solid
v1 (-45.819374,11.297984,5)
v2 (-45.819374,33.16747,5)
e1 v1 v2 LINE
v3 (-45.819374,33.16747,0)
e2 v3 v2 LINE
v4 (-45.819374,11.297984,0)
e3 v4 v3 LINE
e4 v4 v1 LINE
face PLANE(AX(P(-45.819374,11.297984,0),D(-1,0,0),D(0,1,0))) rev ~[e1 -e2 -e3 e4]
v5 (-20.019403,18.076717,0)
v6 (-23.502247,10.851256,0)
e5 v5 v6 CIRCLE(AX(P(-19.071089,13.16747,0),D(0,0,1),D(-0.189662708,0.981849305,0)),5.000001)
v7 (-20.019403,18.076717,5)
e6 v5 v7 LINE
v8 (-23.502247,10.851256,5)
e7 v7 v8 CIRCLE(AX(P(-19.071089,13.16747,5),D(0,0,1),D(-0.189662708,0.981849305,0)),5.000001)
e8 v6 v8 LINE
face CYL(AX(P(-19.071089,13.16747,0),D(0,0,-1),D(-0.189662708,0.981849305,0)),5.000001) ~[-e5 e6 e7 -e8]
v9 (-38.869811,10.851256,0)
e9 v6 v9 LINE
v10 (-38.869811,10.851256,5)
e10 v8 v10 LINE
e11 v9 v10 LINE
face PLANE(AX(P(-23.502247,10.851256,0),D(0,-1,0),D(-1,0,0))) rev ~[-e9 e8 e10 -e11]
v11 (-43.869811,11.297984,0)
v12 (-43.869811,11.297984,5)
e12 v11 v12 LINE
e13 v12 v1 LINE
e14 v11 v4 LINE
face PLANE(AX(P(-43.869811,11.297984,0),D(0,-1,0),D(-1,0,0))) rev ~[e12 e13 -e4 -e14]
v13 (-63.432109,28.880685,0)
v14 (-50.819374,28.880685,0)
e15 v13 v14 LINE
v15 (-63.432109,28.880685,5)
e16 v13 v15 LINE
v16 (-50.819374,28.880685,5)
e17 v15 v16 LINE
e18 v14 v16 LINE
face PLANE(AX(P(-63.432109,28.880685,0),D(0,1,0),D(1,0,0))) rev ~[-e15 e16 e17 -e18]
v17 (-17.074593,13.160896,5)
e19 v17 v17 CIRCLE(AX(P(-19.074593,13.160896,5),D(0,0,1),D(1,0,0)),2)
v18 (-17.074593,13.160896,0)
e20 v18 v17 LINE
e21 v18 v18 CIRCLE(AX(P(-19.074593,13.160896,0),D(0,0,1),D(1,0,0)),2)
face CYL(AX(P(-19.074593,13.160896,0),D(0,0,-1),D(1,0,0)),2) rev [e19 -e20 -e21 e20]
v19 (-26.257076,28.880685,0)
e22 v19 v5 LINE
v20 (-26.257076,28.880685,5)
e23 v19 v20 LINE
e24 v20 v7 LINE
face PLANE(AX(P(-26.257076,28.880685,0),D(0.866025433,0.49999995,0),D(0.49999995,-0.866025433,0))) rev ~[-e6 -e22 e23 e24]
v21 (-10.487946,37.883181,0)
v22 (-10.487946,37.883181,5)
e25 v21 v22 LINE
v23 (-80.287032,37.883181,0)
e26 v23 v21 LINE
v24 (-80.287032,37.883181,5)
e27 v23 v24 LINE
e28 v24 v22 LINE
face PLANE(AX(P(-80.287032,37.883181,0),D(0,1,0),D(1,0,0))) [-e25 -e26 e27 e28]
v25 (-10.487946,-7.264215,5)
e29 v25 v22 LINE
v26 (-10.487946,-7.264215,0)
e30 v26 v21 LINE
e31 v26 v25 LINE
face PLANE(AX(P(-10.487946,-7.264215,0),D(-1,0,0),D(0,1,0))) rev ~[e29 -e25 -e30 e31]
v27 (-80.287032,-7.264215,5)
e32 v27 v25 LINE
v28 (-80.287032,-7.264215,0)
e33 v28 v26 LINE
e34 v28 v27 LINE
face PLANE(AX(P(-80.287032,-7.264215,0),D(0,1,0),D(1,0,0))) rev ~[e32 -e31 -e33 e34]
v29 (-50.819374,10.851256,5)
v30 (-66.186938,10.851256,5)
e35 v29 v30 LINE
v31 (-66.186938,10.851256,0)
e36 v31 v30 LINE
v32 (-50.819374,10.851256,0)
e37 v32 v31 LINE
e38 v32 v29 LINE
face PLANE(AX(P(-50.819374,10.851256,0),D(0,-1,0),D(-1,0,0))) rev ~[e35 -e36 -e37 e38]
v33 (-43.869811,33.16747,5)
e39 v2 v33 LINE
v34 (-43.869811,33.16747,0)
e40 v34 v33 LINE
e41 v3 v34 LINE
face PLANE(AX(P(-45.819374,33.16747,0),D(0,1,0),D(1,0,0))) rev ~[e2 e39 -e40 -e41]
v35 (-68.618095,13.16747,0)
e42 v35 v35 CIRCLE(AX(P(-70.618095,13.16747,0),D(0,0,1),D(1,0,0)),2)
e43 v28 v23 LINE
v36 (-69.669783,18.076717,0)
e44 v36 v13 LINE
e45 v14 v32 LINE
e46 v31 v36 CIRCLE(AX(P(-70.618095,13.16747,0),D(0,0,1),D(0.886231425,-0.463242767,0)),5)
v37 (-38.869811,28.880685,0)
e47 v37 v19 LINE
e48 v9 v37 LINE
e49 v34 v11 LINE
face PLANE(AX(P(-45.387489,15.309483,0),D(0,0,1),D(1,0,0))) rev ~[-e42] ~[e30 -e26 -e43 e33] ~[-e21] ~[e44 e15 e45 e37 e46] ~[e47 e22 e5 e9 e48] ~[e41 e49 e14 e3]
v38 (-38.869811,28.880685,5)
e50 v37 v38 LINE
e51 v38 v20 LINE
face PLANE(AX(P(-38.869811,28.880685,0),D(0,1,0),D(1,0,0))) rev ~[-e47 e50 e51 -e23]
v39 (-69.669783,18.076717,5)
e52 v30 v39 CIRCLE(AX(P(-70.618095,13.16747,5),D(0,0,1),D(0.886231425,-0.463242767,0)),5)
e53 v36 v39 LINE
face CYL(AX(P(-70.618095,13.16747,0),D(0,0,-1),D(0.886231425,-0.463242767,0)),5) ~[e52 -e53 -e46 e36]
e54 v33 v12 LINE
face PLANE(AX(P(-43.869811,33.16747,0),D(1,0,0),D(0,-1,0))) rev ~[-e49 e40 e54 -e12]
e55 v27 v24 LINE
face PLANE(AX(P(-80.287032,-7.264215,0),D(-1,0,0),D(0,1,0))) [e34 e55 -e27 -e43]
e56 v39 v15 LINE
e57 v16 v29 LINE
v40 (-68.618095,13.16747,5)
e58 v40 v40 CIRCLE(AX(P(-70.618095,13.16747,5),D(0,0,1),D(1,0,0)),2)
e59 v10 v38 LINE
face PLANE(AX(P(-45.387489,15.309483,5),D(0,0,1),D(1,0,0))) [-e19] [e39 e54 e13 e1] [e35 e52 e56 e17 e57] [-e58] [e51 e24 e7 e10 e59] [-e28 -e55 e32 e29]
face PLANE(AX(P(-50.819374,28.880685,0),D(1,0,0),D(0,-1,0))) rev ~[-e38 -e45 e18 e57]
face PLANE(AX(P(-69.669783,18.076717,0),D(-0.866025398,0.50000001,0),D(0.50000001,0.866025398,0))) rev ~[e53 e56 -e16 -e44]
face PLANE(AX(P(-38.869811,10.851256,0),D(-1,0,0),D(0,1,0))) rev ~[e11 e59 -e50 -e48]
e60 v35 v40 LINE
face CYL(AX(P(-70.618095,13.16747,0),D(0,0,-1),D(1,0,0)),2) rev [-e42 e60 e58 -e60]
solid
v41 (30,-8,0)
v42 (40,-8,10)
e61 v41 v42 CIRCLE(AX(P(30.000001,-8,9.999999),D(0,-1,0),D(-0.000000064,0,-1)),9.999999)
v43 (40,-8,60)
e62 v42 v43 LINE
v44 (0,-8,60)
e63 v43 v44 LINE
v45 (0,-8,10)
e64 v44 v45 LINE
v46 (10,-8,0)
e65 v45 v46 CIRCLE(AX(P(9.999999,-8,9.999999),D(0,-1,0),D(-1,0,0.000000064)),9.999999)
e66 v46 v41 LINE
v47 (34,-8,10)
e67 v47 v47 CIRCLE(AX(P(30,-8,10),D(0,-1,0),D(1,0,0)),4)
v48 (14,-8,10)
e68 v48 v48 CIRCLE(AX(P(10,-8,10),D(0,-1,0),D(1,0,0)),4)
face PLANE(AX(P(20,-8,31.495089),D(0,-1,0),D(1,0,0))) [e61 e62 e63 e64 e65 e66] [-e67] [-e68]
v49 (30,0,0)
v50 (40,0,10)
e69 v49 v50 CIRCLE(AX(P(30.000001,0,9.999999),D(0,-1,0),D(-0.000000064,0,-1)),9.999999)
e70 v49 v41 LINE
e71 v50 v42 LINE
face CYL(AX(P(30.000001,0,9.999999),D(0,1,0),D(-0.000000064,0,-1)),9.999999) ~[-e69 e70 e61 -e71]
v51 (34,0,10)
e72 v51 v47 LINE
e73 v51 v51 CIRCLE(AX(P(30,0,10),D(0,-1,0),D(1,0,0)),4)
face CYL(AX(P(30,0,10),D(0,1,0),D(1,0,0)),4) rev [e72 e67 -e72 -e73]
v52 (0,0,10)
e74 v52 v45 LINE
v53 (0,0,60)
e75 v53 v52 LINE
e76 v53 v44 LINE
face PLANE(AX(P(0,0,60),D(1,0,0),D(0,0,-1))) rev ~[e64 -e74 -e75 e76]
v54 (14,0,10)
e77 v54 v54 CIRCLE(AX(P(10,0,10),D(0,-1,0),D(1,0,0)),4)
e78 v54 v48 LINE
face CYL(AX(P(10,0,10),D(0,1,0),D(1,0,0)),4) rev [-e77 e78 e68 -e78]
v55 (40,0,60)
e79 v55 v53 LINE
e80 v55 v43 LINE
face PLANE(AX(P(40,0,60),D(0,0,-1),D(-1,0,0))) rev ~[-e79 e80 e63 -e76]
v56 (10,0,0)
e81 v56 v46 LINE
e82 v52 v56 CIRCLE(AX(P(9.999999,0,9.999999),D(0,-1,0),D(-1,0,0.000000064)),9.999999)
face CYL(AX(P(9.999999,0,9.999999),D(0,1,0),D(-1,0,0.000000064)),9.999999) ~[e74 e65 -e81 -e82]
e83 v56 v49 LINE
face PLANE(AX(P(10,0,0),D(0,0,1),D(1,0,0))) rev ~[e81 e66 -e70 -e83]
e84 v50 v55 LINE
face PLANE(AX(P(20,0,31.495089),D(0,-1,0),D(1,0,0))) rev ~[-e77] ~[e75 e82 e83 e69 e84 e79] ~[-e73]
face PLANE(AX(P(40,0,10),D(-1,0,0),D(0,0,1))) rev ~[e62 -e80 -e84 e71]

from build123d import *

# Parameters (mm, degrees)
F0_R     = 4
F1_DEPTH = 8
F2_W     = 69.799086
F2_H     = 45.147397
F2_R     = 2
F3_DEPTH = 5


with BuildPart() as f1:
    # F0 (on Front) → F1 (new body)
    with BuildSketch(Plane.XZ):
        with BuildLine():
            ThreePointArc((0, 10), (2.928932, 2.928932), (10, 0))
            Line((10, 0), (30, 0))
            ThreePointArc((30, 0), (37.071068, 2.928932), (40, 10))
            Line((40, 10), (40, 60))
            Line((40, 60), (0, 60))
            Line((0, 60), (0, 10))
        make_face()
        with Locations((10, 10)):
            Circle(F0_R, mode=Mode.SUBTRACT)
        with Locations((30, 10)):
            Circle(F0_R, mode=Mode.SUBTRACT)
    extrude(amount=F1_DEPTH)


with BuildPart() as f3:
    # F2 (on Top) → F3 (new body)
    with BuildSketch(Plane.XY):
        with Locations((-45.387489, 15.309483)):
            Rectangle(F2_W, F2_H)
        with Locations((-70.618095, 13.16747)):
            Circle(F2_R, mode=Mode.SUBTRACT)
        with Locations((-19.074593, 13.160896)):
            Circle(F2_R, mode=Mode.SUBTRACT)
        with BuildLine():
            Line((-50.819374, 10.851256), (-66.186938, 10.851256))
            ThreePointArc((-66.186938, 10.851256), (-66.114042, 15.338531), (-69.669783, 18.076717))
            Line((-69.669783, 18.076717), (-63.432109, 28.880685))
            Line((-63.432109, 28.880685), (-50.819374, 28.880685))
            Line((-50.819374, 28.880685), (-50.819374, 10.851256))
        make_face(mode=Mode.SUBTRACT)
        with BuildLine():
            Line((-23.502247, 10.851256), (-38.869811, 10.851256))
            Line((-38.869811, 10.851256), (-38.869811, 28.880685))
            Line((-38.869811, 28.880685), (-26.257076, 28.880685))
            Line((-26.257076, 28.880685), (-20.019403, 18.076717))
            ThreePointArc((-20.019403, 18.076717), (-23.575143, 15.338531), (-23.502247, 10.851256))
        make_face(mode=Mode.SUBTRACT)
        Polygon((-45.819374, 11.297984), (-45.819374, 33.16747), (-43.869811, 33.16747), (-43.869811, 11.297984), (-44.844593, 11.297984), align=None, mode=Mode.SUBTRACT)
    extrude(amount=F3_DEPTH)


solid = Compound([f1.part, f3.part])
